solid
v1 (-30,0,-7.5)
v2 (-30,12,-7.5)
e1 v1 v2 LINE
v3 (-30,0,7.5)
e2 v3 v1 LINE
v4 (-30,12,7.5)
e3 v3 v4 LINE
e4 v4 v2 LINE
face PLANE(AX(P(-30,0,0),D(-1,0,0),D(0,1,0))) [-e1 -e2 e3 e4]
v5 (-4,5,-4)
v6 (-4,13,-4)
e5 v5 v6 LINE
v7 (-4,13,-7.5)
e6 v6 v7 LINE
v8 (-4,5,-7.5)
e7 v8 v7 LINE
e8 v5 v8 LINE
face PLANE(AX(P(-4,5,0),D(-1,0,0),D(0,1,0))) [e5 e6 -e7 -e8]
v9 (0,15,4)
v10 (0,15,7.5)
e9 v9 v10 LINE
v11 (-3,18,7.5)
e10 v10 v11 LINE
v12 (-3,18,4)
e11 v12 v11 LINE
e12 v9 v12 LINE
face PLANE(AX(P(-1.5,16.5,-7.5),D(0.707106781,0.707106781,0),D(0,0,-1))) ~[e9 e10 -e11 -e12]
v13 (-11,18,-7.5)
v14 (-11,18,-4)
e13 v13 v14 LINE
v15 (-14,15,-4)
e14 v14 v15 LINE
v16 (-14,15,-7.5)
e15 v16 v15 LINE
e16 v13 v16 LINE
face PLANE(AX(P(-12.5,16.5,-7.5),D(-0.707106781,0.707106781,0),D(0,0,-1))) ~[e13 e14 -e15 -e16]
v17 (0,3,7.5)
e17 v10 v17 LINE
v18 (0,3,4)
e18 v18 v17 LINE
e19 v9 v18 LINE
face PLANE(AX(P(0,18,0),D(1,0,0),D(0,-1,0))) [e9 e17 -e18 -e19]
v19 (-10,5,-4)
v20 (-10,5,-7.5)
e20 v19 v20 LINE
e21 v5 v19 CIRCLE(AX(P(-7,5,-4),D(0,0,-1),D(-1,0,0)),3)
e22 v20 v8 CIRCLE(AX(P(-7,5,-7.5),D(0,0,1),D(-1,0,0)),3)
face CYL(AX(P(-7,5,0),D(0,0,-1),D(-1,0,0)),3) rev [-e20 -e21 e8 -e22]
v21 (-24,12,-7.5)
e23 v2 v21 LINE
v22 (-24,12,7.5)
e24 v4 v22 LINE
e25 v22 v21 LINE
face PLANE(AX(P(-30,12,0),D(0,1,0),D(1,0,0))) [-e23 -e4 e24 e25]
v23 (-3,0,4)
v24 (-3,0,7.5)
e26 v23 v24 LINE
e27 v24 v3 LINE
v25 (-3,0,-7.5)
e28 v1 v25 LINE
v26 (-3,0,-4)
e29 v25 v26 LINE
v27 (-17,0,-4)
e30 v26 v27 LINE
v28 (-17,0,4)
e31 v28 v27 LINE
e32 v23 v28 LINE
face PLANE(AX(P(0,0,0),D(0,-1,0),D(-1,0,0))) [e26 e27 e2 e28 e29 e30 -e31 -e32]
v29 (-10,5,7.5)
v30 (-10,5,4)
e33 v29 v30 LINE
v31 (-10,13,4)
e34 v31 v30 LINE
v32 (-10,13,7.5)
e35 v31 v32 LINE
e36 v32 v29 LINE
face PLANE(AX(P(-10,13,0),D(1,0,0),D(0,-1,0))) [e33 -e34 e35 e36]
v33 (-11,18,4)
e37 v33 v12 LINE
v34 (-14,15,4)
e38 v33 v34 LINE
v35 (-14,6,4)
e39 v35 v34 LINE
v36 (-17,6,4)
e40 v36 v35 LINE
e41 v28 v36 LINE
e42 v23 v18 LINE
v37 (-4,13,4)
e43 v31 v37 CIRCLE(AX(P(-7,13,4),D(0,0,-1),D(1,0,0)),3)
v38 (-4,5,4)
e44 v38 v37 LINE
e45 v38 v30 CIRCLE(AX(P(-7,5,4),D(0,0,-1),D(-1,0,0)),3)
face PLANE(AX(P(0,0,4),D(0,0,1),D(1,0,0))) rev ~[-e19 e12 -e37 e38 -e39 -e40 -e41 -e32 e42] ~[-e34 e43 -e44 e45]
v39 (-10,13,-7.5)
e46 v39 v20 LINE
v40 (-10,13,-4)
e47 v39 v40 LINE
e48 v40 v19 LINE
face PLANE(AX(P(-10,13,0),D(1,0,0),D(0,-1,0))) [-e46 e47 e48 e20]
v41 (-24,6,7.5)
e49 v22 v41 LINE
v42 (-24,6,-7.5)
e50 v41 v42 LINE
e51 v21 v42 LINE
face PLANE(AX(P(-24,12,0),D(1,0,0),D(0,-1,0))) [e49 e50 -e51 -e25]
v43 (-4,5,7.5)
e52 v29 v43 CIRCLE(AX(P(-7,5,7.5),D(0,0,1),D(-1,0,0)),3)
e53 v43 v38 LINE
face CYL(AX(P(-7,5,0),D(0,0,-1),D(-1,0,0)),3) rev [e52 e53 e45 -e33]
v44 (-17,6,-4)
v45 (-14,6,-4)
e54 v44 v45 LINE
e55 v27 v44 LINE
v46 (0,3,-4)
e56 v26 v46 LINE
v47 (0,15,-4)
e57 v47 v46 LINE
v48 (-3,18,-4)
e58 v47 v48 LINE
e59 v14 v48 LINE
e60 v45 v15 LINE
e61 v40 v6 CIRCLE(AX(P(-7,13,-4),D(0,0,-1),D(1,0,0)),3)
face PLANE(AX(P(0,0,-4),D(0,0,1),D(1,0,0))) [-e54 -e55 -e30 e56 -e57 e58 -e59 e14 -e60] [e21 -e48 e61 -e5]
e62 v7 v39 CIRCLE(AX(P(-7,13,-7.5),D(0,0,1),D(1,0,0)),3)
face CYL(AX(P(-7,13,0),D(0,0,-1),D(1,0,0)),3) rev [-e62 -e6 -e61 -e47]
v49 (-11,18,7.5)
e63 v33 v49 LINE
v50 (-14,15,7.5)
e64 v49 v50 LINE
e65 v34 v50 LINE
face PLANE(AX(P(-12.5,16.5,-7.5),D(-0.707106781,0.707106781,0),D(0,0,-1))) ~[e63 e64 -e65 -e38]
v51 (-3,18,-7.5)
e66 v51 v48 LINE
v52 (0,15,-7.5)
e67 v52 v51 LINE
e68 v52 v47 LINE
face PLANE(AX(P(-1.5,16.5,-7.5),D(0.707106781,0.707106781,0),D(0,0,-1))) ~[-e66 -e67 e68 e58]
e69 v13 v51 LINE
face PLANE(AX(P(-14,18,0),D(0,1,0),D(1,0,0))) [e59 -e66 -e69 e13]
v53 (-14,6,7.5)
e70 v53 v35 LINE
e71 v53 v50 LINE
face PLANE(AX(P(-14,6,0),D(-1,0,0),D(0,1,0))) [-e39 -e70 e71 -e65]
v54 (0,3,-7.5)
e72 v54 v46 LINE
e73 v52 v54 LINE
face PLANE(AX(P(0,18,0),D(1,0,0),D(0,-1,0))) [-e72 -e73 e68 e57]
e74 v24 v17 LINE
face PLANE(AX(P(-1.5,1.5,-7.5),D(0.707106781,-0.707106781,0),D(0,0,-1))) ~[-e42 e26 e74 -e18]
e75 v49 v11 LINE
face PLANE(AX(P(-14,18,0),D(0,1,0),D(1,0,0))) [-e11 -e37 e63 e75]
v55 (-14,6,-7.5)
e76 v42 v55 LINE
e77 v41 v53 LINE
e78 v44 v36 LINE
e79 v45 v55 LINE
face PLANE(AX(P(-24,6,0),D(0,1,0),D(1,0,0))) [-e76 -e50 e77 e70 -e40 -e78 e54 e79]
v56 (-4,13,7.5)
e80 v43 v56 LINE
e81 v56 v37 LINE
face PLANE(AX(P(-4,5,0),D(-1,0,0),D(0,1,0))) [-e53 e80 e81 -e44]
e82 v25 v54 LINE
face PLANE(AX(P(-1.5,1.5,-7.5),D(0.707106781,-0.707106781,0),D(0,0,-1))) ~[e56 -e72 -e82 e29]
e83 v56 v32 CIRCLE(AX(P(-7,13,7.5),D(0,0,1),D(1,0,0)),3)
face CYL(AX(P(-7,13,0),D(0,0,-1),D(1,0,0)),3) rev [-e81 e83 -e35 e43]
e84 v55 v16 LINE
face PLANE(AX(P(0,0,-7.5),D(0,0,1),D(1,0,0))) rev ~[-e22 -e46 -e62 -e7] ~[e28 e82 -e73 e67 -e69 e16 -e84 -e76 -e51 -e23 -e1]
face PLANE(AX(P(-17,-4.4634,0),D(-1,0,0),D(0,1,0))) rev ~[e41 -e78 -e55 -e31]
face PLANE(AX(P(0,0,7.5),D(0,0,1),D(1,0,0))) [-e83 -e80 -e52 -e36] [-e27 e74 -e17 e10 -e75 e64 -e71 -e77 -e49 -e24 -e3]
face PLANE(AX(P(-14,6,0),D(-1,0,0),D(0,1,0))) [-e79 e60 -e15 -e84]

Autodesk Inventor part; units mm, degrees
ref_plane "YZ Plane" through (0, 0, 0) normal (1, 0, 0) x (0, 1, 0)
ref_plane "XZ Plane" through (0, 0, 0) normal (0, 1, 0) x (-1, 0, 0)
ref_plane "XY Plane" through (0, 0, 0) normal (0, 0, 1) x (1, 0, 0)
sketch "스케치1" plane through (0, 0, 0) normal (0, 0, 1) x (1, 0, 0)
  line L0 (0, 0) -> (-14, 0)
  line L1 (-14, 6) -> (-14, 18)
  line L2 (-14, 18) -> (0, 18)
  line L3 (0, 18) -> (0, 0)
  line L4 (-14, 0) -> (-30, 0)
  line L5 (-30, 0) -> (-30, 12)
  line L6 (-30, 12) -> (-24, 12)
  line L7 (-24, 12) -> (-24, 6)
  line L8 (-24, 6) -> (-14, 6)
  line L9 (-7, 13) -> (-7, 5) construction
  line L10 (-10, 13) -> (-10, 5)
  line L11 (-4, 5) -> (-4, 13)
  arc A0 (-4, 13) -> (-10, 13) centre (-7, 13) ccw
  arc A1 (-10, 5) -> (-4, 5) centre (-7, 5) ccw
  point P0 (-7, 9)
  dimension "d0" = 14
  dimension "d3" = 12
  dimension "d4" = 6
  dimension "d5" = 10
  dimension "d6" = 30
  dimension "d7" = 6
  dimension "d8" = 8
  dimension "d9" = 5
  dimension "d10" = 7
  dimension "d11" = 18
extrude "돌출1" add sketch "스케치1" along normal mid plane 15
chamfer "모따기1" distance 3 angle 45 3 edges at (-14, 18, 0) (0, 18, 0) (0, 0, 0)
sketch "스케치2" plane through (0, 0, 0) normal (0, 0, 1) x (1, 0, 0)
  line L0 (-17, 20.9368) -> (7.8455, 20.9368)
  line L1 (7.8455, 20.9368) -> (7.8455, -4.4634)
  line L2 (7.8455, -4.4634) -> (-17, -4.4634)
  line L3 (-17, -4.4634) -> (-17, 20.9368)
  line L4 (0, 15) -> (0, 3) projected
  point P0 (0, 0)
  dimension "d17" = 17
extrude "돌출2" cut sketch "스케치2" along normal mid plane 8
properties part number "14-2"
